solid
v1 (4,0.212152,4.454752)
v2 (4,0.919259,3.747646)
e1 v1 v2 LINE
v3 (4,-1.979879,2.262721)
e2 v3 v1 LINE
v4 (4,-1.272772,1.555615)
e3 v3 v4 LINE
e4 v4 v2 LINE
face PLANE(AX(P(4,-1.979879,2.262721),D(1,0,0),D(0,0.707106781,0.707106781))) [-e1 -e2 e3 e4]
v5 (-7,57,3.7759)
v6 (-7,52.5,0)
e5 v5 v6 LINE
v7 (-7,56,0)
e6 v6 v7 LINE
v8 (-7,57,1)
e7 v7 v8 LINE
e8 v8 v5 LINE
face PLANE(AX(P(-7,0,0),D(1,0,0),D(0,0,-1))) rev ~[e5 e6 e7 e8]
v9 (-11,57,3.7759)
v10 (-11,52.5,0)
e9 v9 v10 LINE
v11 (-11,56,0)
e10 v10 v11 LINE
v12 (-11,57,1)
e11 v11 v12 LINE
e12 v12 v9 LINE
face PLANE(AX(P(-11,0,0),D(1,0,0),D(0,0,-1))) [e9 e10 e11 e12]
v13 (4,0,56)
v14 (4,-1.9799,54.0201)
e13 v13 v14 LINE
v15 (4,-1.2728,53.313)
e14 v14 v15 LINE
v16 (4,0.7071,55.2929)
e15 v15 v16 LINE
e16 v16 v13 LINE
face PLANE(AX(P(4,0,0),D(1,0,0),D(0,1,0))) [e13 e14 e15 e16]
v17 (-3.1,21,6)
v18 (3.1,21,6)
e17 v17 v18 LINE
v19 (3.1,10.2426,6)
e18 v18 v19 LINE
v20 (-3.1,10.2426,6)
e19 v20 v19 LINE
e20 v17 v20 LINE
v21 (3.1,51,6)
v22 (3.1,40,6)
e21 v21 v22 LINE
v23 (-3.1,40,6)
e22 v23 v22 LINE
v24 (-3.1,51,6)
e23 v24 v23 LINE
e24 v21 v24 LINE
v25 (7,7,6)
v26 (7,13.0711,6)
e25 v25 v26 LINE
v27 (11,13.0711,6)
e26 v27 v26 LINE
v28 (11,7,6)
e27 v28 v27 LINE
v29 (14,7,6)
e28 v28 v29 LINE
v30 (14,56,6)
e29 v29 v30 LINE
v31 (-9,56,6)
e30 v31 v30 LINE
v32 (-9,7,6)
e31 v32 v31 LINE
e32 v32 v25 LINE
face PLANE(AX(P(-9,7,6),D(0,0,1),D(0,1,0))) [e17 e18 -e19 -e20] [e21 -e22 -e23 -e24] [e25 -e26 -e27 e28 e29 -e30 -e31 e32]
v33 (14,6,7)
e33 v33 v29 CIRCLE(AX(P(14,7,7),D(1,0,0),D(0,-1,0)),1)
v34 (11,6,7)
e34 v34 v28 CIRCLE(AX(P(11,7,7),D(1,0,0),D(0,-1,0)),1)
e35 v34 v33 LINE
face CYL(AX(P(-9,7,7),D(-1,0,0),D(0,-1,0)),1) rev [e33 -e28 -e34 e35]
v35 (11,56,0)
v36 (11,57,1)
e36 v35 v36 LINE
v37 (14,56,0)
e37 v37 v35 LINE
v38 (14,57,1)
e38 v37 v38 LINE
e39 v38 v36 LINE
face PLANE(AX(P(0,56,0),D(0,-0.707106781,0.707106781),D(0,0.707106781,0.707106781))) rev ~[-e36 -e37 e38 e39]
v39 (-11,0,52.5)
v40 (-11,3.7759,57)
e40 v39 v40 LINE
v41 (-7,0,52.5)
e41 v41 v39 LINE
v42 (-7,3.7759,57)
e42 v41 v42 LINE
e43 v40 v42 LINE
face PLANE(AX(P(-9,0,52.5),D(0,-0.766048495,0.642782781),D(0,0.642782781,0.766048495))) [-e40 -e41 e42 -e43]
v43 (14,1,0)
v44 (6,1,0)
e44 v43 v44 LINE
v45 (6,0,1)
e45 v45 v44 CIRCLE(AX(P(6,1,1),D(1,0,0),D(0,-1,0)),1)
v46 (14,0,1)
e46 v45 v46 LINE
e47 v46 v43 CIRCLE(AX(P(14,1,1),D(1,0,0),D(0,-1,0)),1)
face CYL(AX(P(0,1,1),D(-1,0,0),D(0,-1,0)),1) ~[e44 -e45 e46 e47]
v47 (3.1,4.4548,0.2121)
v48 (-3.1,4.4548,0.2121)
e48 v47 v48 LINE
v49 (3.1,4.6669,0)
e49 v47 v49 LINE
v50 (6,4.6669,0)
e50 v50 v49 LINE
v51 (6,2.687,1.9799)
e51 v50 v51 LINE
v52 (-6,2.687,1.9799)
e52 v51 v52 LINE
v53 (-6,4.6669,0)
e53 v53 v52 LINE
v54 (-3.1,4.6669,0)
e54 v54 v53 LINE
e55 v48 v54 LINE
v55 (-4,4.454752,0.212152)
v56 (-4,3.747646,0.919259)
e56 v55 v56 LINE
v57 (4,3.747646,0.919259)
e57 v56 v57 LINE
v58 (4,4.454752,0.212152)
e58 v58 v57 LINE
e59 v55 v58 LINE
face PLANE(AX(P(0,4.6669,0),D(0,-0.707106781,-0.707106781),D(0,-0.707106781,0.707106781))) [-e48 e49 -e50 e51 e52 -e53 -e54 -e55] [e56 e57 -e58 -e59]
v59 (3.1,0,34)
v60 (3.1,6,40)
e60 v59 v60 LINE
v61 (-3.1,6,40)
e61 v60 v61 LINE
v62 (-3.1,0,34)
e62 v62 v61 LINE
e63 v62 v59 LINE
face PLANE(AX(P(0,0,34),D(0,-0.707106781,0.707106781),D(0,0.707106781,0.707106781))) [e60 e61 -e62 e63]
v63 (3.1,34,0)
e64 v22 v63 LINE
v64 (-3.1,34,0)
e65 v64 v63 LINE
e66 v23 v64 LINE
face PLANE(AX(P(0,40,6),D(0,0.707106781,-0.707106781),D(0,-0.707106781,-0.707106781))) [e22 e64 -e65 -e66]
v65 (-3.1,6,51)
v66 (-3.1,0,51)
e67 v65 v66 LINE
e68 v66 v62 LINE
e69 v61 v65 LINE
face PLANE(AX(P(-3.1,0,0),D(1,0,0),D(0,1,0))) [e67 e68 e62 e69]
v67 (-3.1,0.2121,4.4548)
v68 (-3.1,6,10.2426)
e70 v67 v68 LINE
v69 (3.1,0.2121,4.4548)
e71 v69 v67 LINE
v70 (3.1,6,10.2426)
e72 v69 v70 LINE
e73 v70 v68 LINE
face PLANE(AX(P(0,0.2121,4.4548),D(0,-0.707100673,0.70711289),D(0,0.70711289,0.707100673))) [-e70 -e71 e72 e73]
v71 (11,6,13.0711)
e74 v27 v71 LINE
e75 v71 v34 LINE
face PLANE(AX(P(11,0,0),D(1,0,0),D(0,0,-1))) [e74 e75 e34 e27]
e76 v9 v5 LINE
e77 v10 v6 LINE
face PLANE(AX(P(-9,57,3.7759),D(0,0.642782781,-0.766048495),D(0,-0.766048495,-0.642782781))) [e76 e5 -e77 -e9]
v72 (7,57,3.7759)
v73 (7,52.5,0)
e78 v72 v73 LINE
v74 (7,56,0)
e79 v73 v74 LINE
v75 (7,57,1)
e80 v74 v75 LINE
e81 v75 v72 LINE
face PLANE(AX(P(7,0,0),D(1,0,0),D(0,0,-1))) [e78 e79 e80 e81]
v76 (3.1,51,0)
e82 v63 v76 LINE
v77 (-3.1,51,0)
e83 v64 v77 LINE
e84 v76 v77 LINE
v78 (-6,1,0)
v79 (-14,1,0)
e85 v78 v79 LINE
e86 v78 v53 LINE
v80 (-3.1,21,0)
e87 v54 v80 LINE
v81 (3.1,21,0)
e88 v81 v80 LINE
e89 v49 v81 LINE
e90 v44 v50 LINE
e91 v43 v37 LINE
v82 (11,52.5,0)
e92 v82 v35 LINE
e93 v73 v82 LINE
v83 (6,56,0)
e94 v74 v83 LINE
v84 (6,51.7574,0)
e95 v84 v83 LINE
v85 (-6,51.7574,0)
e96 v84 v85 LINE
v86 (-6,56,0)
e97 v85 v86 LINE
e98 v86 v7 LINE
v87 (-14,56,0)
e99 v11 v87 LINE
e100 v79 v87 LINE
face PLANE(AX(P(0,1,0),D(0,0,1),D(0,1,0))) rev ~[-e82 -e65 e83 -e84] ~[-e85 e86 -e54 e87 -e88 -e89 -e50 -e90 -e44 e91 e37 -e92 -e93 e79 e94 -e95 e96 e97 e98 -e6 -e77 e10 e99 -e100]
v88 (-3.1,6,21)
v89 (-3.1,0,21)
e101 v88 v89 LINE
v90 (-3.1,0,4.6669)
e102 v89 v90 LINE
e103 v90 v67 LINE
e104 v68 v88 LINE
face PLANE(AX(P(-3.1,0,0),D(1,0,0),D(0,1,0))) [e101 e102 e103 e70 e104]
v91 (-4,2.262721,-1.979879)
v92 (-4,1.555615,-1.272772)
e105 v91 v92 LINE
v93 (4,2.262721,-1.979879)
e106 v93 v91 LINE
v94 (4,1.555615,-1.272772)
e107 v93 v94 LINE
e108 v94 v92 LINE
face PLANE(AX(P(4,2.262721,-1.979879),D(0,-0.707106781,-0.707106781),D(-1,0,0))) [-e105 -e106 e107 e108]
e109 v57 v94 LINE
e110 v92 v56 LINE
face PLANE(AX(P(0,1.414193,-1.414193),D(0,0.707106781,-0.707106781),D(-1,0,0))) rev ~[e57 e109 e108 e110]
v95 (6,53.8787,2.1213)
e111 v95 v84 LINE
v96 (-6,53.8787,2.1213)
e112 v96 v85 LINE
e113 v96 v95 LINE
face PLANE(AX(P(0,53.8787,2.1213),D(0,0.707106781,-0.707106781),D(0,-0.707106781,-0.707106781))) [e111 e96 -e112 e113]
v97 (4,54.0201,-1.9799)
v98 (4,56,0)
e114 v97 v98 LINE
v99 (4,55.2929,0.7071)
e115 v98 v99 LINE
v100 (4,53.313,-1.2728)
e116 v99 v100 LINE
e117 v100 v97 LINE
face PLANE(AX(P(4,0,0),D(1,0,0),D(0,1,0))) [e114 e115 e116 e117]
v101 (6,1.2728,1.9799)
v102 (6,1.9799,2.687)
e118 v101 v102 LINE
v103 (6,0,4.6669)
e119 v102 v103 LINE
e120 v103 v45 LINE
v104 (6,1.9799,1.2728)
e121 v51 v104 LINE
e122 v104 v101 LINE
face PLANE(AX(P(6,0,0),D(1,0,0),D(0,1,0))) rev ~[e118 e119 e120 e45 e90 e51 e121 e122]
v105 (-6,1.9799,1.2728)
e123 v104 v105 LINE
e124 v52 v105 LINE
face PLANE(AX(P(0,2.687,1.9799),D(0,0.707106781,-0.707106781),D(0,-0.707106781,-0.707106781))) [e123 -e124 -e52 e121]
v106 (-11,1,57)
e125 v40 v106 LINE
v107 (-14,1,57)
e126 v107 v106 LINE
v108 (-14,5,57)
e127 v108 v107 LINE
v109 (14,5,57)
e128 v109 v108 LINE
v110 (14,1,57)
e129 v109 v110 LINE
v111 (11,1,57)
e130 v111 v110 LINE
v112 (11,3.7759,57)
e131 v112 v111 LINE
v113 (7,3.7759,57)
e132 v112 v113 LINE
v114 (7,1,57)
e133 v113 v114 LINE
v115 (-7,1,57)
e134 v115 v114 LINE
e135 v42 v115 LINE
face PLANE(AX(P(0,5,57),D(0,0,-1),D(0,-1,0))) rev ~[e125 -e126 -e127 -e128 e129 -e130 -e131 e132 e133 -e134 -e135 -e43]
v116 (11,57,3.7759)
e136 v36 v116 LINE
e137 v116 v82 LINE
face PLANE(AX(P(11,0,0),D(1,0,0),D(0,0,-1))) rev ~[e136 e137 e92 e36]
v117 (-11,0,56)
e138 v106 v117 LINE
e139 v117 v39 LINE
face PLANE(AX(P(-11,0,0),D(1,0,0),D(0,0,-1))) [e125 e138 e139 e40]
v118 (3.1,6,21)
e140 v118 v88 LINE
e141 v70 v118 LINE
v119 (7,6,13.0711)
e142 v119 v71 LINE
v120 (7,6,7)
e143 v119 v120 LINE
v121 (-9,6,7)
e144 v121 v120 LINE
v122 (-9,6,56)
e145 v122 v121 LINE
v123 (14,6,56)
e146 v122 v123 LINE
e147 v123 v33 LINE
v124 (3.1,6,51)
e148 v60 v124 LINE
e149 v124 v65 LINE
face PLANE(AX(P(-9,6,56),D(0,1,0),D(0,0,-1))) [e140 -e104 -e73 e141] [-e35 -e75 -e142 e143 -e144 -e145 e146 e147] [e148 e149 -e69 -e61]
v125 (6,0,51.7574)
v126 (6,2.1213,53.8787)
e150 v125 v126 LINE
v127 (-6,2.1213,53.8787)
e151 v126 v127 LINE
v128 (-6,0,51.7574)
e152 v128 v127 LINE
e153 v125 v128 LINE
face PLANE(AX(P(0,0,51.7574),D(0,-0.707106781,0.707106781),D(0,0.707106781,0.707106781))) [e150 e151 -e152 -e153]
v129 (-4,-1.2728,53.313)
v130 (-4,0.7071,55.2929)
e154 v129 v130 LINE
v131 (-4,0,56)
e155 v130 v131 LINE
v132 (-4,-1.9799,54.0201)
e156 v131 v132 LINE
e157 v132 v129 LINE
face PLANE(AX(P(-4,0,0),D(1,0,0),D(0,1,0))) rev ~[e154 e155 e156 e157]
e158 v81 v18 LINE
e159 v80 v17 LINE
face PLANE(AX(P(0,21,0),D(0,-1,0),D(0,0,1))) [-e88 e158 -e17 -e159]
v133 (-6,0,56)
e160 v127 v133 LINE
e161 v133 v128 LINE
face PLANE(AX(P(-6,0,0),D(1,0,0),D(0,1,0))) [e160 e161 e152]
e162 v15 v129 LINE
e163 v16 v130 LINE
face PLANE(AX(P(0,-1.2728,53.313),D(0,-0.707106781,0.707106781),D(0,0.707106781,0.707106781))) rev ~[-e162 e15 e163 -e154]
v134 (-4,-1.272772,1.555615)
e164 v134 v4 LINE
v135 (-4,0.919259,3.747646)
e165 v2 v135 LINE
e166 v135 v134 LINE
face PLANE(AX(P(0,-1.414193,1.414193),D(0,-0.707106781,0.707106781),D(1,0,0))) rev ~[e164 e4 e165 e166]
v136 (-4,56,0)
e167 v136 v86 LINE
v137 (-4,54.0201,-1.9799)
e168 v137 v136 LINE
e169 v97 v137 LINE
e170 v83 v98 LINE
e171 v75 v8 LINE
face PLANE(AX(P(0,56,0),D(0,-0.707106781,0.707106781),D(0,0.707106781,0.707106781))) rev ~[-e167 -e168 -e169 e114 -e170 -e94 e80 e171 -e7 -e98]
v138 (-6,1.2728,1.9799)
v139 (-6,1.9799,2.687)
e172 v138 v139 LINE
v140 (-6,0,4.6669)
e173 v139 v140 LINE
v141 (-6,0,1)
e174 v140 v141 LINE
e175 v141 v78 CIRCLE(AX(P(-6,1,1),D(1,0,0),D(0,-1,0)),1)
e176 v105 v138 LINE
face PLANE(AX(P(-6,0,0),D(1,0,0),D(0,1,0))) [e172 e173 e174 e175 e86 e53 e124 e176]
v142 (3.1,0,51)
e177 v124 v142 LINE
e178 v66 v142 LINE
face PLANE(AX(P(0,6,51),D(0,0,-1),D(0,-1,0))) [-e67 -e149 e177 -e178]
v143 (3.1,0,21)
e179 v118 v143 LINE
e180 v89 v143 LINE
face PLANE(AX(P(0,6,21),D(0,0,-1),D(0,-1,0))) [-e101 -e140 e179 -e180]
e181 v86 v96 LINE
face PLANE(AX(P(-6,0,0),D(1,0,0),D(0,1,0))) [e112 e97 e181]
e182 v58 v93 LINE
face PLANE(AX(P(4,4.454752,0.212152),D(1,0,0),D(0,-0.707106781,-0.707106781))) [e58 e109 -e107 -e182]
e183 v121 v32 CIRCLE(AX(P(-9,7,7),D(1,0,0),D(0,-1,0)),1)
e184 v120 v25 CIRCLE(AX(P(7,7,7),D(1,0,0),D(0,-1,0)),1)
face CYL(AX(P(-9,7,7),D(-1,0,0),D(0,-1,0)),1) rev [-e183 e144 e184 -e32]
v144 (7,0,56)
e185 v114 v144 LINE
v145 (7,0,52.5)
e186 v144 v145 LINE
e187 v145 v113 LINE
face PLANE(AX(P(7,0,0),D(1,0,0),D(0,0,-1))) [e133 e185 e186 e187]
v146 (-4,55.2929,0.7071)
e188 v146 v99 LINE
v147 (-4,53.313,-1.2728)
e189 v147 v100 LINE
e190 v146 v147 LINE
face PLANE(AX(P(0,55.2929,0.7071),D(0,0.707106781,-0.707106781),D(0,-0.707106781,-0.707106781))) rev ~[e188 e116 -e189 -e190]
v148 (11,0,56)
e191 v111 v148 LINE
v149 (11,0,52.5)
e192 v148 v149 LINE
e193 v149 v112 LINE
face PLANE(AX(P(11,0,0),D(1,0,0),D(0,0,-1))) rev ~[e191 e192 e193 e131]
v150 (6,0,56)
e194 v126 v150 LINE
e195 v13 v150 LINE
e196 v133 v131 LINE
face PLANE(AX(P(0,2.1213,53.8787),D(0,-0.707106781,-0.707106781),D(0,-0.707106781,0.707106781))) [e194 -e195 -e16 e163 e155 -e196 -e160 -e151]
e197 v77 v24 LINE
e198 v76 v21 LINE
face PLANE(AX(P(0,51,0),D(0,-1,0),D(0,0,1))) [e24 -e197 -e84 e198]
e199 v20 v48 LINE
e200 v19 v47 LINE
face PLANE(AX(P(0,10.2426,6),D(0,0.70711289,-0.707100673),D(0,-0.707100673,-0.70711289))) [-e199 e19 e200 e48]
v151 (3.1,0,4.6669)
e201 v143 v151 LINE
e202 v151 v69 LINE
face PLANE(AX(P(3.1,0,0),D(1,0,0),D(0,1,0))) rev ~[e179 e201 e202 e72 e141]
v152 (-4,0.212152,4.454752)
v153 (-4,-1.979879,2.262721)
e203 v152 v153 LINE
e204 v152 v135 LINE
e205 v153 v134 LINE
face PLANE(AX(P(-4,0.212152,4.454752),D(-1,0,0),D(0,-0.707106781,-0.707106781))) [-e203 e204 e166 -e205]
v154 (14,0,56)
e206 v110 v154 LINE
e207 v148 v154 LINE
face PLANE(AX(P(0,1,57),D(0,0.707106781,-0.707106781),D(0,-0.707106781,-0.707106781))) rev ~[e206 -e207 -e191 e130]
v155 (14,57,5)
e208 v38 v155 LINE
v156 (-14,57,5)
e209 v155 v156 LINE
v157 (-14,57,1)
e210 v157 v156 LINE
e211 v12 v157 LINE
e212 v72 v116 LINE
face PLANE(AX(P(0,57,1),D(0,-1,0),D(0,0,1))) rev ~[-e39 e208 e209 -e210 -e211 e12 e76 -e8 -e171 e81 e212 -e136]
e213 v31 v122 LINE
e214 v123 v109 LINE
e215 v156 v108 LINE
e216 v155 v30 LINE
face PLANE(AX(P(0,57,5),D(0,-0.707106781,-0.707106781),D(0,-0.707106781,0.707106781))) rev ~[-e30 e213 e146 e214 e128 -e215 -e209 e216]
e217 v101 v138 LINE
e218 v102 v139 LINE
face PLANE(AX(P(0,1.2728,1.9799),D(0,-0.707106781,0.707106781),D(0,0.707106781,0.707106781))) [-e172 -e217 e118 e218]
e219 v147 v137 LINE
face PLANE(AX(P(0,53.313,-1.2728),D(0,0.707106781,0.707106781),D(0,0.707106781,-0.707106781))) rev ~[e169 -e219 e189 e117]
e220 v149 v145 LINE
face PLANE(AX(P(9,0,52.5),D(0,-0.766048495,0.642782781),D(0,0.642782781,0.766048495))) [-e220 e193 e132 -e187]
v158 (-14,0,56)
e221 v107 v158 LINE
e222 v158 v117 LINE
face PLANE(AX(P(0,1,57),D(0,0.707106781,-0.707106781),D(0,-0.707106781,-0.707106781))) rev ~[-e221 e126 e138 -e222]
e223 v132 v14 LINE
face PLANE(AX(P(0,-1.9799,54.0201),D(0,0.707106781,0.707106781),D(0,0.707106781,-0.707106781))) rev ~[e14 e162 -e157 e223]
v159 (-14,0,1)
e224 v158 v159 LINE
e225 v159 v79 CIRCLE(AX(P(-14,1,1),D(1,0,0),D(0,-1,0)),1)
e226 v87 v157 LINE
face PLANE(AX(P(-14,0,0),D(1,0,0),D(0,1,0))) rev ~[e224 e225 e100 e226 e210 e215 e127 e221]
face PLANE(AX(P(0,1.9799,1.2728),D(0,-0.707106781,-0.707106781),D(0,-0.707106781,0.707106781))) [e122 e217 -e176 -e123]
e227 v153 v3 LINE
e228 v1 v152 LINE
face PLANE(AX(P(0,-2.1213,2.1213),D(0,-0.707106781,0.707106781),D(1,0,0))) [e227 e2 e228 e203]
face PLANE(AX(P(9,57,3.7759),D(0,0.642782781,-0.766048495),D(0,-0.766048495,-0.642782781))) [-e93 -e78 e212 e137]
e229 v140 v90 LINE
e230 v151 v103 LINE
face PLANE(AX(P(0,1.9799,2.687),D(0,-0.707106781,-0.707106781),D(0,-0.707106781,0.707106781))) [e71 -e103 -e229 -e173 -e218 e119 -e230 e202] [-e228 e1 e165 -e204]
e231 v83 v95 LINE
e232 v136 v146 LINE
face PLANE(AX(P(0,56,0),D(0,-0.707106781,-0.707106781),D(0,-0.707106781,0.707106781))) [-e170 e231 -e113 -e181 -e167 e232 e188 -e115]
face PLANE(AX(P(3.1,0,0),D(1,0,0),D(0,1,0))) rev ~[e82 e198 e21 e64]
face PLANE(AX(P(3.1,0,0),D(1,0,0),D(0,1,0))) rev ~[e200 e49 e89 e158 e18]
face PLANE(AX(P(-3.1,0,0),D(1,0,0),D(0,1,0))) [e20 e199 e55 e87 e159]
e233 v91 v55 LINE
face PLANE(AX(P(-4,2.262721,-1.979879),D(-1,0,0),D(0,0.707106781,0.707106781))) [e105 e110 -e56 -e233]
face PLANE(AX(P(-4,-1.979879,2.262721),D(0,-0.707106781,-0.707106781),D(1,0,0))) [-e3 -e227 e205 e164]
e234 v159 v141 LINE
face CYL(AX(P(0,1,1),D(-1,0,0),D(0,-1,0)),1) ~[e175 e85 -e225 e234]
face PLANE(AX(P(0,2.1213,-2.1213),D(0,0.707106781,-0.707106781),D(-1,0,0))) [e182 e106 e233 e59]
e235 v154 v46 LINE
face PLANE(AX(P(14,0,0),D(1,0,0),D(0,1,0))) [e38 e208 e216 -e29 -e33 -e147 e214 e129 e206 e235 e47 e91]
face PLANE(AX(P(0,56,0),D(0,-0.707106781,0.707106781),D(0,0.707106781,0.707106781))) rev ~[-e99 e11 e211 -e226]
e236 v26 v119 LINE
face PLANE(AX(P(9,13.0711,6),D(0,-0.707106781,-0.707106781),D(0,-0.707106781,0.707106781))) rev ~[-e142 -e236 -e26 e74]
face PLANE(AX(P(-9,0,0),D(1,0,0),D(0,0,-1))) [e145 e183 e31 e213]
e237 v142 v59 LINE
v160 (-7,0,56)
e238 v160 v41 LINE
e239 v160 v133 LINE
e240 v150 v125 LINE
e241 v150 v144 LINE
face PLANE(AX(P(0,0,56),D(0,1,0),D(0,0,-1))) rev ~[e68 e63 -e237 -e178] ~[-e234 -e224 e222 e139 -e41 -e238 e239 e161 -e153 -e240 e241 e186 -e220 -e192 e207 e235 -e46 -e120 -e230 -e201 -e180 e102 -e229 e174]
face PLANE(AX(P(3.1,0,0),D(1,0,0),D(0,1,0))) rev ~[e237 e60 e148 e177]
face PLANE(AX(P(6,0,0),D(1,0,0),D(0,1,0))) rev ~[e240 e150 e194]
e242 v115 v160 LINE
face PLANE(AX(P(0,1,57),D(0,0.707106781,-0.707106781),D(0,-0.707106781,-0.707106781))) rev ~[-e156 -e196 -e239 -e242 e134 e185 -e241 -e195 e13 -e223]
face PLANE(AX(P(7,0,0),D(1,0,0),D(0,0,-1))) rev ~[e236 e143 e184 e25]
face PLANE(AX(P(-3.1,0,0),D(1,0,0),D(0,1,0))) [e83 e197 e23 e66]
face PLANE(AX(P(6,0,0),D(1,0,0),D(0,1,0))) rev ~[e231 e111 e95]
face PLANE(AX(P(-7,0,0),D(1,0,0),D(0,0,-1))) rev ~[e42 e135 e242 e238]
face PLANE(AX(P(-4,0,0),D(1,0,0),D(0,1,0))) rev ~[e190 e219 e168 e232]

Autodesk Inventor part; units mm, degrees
ref_plane "YZ Plane" through (0, 0, 0) normal (1, 0, 0) x (0, 1, 0)
ref_plane "XZ Plane" through (0, 0, 0) normal (0, 1, 0) x (-1, 0, 0)
ref_plane "XY Plane" through (0, 0, 0) normal (0, 0, 1) x (1, 0, 0)
sketch "Sketch_1" plane through (0, 0, 0) normal (1, 0, 0) x (0, 1, 0)
  line L0 (1, 57) -> (0, 56)
  line L1 (0, 56) -> (0, 1)
  arc A0 (0, 1) -> (1, 0) centre (1, 1) ccw
  line L2 (1, 0) -> (56, 0)
  line L3 (56, 0) -> (57, 1)
  line L4 (57, 1) -> (57, 5)
  line L5 (57, 5) -> (5, 57)
  line L6 (5, 57) -> (1, 57)
extrude "Extrusion1" add sketch "Sketch_1" along normal mid plane 28
sketch "Sketch_2" plane through (-9, 0, 0) normal (1, 0, 0) x (0, 0, -1)
  line L0 (-56, 6) -> (-7, 6)
  arc A0 (-7, 6) -> (-6, 7) centre (-7, 7) ccw
  line L1 (-6, 7) -> (-6, 56)
  line L2 (-6, 56) -> (-56, 6)
extrude "Extrusion2" cut sketch "Sketch_2" along normal blind 23
sketch "Sketch_3" plane through (0, 0, 0) normal (1, 0, 0) x (0, 1, 0)
  line L0 (0, 4.6669) -> (0, 1)
  arc A0 (0, 1) -> (1, 0) centre (1, 1) ccw
  line L1 (1, 0) -> (4.6669, 0)
  line L2 (4.6669, 0) -> (2.687, 1.9799)
  line L3 (2.687, 1.9799) -> (1.9799, 1.2728)
  line L4 (1.9799, 1.2728) -> (1.2728, 1.9799)
  line L5 (1.2728, 1.9799) -> (1.9799, 2.687)
  line L6 (1.9799, 2.687) -> (0, 4.6669)
extrude "Extrusion3" cut sketch "Sketch_3" along normal mid plane 12
sketch "Sketch_4" plane through (0, 0, 0) normal (1, 0, 0) x (0, 1, 0)
  line L0 (53.8787, 2.1213) -> (51.7574, 0)
  line L1 (51.7574, 0) -> (56, 0)
  line L2 (56, 0) -> (53.8787, 2.1213)
extrude "Extrusion4" cut sketch "Sketch_4" along normal mid plane 12
sketch "Sketch_5" plane through (0, 0, 0) normal (1, 0, 0) x (0, 1, 0)
  line L0 (0, 56) -> (0, 51.7574)
  line L1 (0, 51.7574) -> (2.1213, 53.8787)
  line L2 (2.1213, 53.8787) -> (0, 56)
extrude "Extrusion5" cut sketch "Sketch_5" along normal mid plane 12
sketch "Sketch_6" plane through (0, 0, 0) normal (1, 0, 0) x (0, 1, 0)
  line L0 (55.2929, 0.7071) -> (53.313, -1.2728)
  line L1 (53.313, -1.2728) -> (54.0201, -1.9799)
  line L2 (54.0201, -1.9799) -> (56, 0)
  line L3 (56, 0) -> (55.2929, 0.7071)
extrude "Extrusion6" add sketch "Sketch_6" along normal mid plane 8
sketch "Sketch22" plane through (0, -2.1213, 2.1213) normal (0, -0.7071, 0.7071) x (1, 0, 0)
  line L0 (-4, 3.3) -> (-4, 0.2)
  line L1 (-4, 0.2) -> (4, 0.2)
  line L2 (4, 0.2) -> (4, 3.3)
  line L3 (4, 3.3) -> (-4, 3.3)
extrude "Extrusion7" add sketch "Sketch22" against normal blind 1
sketch "Sketch25" plane through (0, 2.1213, -2.1213) normal (0, 0.7071, -0.7071) x (-1, 0, 0)
  line L0 (-4, 3.3) -> (-4, 0.2)
  line L1 (-4, 0.2) -> (4, 0.2)
  line L2 (4, 0.2) -> (4, 3.3)
  line L3 (4, 3.3) -> (-4, 3.3)
extrude "Extrusion8" add sketch "Sketch25" against normal blind 1
sketch "Sketch_7" plane through (0, 0, 0) normal (1, 0, 0) x (0, 1, 0)
  line L0 (0, 56) -> (-1.9799, 54.0201)
  line L1 (-1.9799, 54.0201) -> (-1.2728, 53.313)
  line L2 (-1.2728, 53.313) -> (0.7071, 55.2929)
  line L3 (0.7071, 55.2929) -> (0, 56)
extrude "Extrusion9" add sketch "Sketch_7" along normal mid plane 8
sketch "Sketch_8" plane through (-9, 0, 0) normal (1, 0, 0) x (0, 0, -1)
  line L0 (-57, 3.7759) -> (-57, 1)
  line L1 (-57, 1) -> (-56, 0)
  line L2 (-56, 0) -> (-52.5, 0)
  line L3 (-52.5, 0) -> (-57, 3.7759)
extrude "Extrusion10" cut sketch "Sketch_8" along normal mid plane 4
sketch "Sketch_9" plane through (-9, 0, 0) normal (1, 0, 0) x (0, 0, -1)
  line L0 (-3.7759, 57) -> (0, 52.5)
  line L1 (0, 52.5) -> (0, 56)
  line L2 (0, 56) -> (-1, 57)
  line L3 (-1, 57) -> (-3.7759, 57)
extrude "Extrusion11" cut sketch "Sketch_9" along normal mid plane 4
sketch "Sketch_16" plane through (9, 0, 0) normal (1, 0, 0) x (0, 0, -1)
  line L0 (-13.0711, 6) -> (-7, 6)
  arc A0 (-7, 6) -> (-6, 7) centre (-7, 7) ccw
  line L1 (-6, 7) -> (-6, 13.0711)
  line L2 (-6, 13.0711) -> (-13.0711, 6)
extrude "Extrusion12" add sketch "Sketch_16" along normal mid plane 4
sketch "Sketch_10" plane through (9, 0, 0) normal (1, 0, 0) x (0, 0, -1)
  line L0 (-3.7759, 57) -> (0, 52.5)
  line L1 (0, 52.5) -> (0, 56)
  line L2 (0, 56) -> (-1, 57)
  line L3 (-1, 57) -> (-3.7759, 57)
extrude "Extrusion13" cut sketch "Sketch_10" along normal mid plane 4
sketch "Sketch_11" plane through (9, 0, 0) normal (1, 0, 0) x (0, 0, -1)
  line L0 (-57, 1) -> (-56, 0)
  line L1 (-56, 0) -> (-52.5, 0)
  line L2 (-52.5, 0) -> (-57, 3.7759)
  line L3 (-57, 3.7759) -> (-57, 1)
extrude "Extrusion14" cut sketch "Sketch_11" along normal mid plane 4
sketch "Sketch_12" plane through (0, 0, 0) normal (1, 0, 0) x (0, 1, 0)
  line L0 (21, 6) -> (10.2426, 6)
  line L1 (10.2426, 6) -> (4.4548, 0.2121)
  line L2 (4.4548, 0.2121) -> (4.6669, 0)
  line L3 (4.6669, 0) -> (21, 0)
  line L4 (21, 0) -> (21, 6)
extrude "Extrusion15" cut sketch "Sketch_12" along normal mid plane 6.2
sketch "Sketch_13" plane through (0, 0, 0) normal (1, 0, 0) x (0, 1, 0)
  line L0 (0, 21) -> (0, 4.6669)
  line L1 (0, 4.6669) -> (0.2121, 4.4548)
  line L2 (0.2121, 4.4548) -> (6, 10.2426)
  line L3 (6, 10.2426) -> (6, 21)
  line L4 (6, 21) -> (0, 21)
extrude "Extrusion16" cut sketch "Sketch_13" along normal mid plane 6.2
sketch "Sketch_14" plane through (0, 0, 0) normal (1, 0, 0) x (0, 1, 0)
  line L0 (40, 6) -> (34, 0)
  line L1 (34, 0) -> (51, 0)
  line L2 (51, 0) -> (51, 6)
  line L3 (51, 6) -> (40, 6)
extrude "Extrusion17" cut sketch "Sketch_14" along normal mid plane 6.2
sketch "Sketch_15" plane through (0, 0, 0) normal (1, 0, 0) x (0, 1, 0)
  line L0 (0, 51) -> (0, 34)
  line L1 (0, 34) -> (6, 40)
  line L2 (6, 40) -> (6, 51)
  line L3 (6, 51) -> (0, 51)
extrude "Extrusion18" cut sketch "Sketch_15" along normal mid plane 6.2
properties part number "14070_m"
